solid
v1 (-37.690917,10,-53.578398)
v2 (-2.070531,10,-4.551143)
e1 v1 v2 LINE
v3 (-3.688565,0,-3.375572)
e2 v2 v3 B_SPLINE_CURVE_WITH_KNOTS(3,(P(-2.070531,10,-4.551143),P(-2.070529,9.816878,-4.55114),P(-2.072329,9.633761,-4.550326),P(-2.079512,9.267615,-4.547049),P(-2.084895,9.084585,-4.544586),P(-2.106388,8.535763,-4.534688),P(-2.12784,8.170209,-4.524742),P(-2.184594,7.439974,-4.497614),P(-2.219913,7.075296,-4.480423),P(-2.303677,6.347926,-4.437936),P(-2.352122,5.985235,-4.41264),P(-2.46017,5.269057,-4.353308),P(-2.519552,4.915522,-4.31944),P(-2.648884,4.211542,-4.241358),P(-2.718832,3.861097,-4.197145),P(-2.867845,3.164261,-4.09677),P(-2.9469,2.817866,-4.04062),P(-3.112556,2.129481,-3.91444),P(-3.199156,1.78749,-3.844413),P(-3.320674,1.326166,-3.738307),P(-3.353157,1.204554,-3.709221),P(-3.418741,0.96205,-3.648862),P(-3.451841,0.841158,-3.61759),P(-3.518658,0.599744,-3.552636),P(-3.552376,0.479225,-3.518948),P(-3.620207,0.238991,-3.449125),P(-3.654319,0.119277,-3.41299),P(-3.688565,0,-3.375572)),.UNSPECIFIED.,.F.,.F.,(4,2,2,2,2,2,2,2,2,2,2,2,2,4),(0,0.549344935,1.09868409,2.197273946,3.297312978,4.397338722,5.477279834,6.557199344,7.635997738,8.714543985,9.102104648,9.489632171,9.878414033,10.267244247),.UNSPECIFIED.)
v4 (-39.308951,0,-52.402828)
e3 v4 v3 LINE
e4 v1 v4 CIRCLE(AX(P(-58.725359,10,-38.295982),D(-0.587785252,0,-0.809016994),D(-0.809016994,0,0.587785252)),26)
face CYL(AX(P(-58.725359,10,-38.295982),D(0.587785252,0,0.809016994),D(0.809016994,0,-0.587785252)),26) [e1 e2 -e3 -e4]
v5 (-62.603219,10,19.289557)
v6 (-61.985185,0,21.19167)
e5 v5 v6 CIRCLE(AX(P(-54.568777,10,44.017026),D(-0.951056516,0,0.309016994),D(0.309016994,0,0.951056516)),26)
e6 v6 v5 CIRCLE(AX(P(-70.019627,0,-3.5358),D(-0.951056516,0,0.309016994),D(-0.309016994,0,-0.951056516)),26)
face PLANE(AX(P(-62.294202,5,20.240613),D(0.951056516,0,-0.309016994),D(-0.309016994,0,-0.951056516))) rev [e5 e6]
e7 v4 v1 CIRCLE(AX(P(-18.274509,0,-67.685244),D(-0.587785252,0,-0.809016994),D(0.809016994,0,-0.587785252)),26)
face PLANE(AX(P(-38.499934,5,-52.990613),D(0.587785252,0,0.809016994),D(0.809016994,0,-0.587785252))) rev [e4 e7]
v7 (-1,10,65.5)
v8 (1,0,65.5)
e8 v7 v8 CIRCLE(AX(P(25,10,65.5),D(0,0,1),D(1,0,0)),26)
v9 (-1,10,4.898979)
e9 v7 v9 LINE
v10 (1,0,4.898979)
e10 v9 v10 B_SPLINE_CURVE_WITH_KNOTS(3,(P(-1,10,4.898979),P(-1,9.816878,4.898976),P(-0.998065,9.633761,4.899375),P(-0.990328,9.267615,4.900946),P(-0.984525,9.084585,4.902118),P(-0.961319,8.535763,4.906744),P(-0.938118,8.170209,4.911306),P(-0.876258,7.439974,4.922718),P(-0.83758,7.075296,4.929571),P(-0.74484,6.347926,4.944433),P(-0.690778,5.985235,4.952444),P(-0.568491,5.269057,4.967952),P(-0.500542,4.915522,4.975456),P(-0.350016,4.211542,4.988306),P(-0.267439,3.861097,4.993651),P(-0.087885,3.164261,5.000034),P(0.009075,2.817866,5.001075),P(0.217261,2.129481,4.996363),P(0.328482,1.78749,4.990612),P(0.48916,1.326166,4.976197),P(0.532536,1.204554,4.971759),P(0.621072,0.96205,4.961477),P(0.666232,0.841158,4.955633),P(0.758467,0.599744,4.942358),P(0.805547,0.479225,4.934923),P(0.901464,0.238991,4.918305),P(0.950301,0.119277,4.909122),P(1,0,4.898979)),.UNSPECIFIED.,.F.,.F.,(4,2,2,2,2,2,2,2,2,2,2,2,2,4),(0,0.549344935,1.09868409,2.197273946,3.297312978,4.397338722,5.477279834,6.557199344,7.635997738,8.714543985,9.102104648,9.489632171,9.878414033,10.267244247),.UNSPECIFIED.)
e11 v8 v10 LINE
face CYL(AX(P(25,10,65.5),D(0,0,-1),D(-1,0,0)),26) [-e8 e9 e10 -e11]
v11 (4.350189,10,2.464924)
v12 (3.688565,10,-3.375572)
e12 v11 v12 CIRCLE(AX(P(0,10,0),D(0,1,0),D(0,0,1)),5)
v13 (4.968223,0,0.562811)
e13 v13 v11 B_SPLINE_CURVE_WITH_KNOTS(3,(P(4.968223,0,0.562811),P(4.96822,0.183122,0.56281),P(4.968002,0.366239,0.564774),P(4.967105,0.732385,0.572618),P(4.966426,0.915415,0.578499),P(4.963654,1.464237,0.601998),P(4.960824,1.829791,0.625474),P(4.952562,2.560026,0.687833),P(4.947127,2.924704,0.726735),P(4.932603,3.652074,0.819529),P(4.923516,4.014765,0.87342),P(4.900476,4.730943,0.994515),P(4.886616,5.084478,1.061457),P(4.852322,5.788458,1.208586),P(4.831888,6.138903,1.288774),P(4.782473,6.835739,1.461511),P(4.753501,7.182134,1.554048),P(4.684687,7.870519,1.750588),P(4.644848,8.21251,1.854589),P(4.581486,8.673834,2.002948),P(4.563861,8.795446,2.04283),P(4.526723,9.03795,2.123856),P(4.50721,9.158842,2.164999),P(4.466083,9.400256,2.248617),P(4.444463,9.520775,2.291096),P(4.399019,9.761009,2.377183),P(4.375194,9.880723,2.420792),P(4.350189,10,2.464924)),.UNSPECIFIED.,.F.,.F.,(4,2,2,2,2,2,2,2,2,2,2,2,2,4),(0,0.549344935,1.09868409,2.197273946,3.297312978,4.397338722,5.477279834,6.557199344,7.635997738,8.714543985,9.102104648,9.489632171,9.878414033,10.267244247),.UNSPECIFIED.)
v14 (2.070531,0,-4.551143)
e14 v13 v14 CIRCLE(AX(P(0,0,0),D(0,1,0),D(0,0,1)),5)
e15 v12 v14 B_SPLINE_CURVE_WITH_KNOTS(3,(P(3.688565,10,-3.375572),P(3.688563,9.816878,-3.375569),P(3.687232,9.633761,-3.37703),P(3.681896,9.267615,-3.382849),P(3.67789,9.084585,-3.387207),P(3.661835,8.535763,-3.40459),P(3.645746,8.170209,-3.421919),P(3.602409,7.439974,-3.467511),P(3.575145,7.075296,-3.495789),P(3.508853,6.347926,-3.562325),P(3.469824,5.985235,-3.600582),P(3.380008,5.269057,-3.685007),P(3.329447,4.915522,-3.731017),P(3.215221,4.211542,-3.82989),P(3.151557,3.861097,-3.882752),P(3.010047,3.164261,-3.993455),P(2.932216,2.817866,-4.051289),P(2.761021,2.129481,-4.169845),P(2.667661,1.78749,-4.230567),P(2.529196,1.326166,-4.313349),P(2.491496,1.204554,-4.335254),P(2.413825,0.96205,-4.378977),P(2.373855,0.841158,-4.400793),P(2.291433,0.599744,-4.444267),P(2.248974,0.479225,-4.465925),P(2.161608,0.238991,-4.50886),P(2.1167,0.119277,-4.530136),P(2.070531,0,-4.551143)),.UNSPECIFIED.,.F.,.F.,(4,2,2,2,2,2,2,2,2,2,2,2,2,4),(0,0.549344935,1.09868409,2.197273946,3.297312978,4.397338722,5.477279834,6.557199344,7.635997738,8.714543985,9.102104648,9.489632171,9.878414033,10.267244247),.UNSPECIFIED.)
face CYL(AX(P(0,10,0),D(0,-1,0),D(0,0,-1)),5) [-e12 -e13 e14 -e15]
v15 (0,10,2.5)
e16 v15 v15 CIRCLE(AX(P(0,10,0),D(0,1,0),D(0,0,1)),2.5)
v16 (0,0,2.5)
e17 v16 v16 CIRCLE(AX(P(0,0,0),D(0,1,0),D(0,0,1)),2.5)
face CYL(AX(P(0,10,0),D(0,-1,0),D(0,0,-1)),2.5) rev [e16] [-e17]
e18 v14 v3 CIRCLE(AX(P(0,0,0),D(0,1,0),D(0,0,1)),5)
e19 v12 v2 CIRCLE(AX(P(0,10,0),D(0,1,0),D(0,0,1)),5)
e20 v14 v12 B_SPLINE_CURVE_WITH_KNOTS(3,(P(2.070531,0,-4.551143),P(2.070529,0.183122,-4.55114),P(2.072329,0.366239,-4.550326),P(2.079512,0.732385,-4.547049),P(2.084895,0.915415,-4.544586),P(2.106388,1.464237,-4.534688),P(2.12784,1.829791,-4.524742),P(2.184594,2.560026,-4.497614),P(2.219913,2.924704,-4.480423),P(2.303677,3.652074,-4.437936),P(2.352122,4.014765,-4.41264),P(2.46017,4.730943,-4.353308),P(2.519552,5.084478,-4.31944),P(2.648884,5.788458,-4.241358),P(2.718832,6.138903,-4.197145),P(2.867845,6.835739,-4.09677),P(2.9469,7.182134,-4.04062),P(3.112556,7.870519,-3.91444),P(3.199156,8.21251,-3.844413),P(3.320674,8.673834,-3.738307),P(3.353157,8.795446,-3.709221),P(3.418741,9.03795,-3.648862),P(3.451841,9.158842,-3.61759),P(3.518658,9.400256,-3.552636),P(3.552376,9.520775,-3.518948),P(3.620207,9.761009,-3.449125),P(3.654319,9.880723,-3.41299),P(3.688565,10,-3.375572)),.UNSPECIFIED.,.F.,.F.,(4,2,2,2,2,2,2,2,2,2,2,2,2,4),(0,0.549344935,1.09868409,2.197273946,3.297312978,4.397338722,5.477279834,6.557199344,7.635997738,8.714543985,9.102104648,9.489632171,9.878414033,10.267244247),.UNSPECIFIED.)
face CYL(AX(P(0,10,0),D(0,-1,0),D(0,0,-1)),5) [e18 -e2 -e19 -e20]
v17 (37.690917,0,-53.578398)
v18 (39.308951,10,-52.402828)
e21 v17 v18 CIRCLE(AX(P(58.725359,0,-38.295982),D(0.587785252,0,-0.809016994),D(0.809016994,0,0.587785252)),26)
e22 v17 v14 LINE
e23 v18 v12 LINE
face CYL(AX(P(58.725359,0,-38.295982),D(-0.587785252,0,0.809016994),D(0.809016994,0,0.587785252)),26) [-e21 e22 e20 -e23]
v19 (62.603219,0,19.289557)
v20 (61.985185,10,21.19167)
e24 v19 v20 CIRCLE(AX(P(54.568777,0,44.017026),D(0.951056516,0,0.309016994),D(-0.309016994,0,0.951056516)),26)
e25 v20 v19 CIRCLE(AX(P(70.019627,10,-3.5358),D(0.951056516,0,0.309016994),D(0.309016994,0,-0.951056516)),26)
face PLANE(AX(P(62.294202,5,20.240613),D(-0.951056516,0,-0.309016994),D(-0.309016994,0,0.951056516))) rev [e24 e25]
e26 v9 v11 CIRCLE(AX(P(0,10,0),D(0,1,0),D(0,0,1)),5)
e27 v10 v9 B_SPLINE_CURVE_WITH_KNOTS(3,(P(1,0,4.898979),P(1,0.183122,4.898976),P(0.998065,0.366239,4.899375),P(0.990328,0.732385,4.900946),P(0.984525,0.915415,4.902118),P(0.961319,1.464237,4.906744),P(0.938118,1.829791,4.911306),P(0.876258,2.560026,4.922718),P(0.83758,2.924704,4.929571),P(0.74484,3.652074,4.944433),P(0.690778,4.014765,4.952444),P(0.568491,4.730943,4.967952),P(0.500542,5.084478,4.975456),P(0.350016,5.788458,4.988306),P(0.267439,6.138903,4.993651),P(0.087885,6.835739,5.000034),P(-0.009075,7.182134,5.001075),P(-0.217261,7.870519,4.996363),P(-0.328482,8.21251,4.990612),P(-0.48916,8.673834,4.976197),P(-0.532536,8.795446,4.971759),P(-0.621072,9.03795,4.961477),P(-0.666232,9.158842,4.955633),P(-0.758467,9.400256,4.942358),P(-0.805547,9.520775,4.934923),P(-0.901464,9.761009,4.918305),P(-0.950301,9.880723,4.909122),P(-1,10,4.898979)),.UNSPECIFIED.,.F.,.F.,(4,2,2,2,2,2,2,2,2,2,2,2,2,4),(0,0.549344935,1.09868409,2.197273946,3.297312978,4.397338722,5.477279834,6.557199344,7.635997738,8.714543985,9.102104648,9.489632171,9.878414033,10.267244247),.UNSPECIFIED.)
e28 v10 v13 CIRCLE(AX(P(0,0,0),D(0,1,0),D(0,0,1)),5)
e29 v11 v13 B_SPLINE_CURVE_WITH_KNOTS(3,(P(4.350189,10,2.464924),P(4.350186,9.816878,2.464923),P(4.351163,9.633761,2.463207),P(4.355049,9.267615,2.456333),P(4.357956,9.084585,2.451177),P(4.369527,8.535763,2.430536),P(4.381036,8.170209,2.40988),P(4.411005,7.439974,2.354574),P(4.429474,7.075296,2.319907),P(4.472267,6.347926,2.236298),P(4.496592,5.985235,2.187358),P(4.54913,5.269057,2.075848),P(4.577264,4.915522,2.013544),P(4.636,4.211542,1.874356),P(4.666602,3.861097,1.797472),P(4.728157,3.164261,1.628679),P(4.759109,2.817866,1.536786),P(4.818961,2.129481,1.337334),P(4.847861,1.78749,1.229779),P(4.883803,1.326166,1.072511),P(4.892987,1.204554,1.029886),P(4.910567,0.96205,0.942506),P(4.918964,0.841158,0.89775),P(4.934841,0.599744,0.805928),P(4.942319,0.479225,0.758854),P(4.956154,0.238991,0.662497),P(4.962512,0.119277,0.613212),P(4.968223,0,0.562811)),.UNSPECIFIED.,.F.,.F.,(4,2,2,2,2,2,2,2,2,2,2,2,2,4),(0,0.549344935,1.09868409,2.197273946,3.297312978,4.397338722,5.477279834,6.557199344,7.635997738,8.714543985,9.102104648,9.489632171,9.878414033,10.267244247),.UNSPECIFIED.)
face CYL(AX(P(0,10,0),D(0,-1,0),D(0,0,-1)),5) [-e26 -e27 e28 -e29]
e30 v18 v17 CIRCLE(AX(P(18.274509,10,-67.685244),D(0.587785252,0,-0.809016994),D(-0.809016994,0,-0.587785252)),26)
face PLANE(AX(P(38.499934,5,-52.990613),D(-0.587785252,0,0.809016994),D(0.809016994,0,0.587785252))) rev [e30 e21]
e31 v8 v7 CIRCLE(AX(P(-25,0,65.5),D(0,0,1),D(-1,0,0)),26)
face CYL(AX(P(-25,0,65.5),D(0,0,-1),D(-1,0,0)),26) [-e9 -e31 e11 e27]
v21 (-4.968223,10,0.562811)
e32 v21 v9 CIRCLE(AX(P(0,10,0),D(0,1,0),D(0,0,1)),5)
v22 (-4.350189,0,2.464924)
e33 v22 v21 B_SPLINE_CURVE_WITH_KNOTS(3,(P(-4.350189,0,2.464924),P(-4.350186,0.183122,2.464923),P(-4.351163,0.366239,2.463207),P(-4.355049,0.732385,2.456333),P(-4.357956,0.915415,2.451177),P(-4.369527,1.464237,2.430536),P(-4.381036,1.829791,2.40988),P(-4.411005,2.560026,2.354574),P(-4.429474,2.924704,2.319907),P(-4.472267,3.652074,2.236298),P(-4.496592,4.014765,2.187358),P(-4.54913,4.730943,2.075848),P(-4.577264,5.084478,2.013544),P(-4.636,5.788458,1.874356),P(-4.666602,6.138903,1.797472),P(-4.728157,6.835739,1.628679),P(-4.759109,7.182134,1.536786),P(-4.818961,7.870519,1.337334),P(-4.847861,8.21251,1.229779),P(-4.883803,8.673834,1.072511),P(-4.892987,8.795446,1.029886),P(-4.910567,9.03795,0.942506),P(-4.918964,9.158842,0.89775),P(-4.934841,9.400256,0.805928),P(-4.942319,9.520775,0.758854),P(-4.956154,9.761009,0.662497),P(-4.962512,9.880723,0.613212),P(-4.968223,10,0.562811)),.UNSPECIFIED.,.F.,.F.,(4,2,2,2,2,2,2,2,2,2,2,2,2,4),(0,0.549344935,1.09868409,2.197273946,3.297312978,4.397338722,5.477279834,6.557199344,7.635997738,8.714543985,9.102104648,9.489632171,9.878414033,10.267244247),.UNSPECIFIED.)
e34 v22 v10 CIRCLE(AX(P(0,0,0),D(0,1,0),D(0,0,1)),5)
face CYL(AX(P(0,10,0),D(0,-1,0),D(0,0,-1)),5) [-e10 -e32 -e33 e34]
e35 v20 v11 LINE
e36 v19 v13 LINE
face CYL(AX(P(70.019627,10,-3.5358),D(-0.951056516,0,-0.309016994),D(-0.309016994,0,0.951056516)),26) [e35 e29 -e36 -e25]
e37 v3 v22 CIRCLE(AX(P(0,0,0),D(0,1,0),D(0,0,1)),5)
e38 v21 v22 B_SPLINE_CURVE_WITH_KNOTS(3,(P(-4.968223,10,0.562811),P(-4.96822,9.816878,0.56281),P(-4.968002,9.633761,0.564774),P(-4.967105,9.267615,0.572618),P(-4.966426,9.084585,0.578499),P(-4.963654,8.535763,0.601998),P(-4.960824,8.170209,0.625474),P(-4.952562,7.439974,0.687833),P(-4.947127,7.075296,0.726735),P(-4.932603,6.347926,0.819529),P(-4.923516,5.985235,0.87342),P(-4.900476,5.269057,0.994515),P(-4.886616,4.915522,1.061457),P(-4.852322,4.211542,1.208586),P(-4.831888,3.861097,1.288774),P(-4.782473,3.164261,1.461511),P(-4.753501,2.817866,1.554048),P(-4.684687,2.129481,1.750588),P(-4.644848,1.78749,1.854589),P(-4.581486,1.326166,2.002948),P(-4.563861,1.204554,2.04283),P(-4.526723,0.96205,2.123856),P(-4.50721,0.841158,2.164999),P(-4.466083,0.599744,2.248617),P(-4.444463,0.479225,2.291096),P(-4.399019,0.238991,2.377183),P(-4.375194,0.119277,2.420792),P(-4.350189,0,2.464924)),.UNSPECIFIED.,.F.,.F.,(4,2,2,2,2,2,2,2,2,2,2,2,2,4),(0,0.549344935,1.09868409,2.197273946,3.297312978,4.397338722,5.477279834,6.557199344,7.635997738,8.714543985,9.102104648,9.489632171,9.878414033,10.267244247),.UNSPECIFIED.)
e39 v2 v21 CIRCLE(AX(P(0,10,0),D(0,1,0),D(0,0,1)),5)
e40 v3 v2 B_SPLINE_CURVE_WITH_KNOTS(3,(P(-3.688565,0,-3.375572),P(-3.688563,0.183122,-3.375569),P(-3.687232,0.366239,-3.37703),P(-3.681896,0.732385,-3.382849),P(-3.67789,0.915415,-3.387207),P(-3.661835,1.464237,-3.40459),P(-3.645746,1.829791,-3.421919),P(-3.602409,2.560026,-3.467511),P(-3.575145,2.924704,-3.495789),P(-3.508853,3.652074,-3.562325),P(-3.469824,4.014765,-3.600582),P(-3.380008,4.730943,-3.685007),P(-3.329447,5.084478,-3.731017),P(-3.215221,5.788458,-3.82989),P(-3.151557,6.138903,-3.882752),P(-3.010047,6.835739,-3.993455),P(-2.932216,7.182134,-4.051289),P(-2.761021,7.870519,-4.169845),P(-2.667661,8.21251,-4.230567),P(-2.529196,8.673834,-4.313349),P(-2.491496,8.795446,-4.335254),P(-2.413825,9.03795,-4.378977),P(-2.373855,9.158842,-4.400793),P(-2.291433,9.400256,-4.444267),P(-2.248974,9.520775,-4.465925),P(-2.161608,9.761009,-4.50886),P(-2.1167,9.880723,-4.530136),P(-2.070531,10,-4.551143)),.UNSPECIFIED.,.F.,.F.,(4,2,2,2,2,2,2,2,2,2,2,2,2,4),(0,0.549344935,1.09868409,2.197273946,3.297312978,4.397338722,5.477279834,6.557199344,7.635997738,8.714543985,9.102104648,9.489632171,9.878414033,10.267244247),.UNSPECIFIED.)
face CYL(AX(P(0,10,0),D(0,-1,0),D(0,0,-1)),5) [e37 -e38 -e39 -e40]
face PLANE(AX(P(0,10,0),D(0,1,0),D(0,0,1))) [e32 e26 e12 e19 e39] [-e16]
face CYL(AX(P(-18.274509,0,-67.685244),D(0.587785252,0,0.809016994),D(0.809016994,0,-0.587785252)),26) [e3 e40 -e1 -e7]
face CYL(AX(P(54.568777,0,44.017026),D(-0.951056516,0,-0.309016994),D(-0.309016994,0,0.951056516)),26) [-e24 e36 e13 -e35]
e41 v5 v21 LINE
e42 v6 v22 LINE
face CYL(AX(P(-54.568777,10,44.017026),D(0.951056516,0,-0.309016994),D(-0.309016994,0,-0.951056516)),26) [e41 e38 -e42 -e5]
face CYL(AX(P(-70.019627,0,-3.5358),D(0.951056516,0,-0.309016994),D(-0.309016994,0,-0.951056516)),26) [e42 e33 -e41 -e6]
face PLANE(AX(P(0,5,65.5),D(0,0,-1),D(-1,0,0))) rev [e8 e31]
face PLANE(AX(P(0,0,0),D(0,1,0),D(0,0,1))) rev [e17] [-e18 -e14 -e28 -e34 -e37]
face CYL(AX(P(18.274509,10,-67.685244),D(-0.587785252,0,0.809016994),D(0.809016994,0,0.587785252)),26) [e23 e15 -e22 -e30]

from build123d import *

# Parameters (mm, degrees)
SKETCH_1_R               = 5
SKETCH_1_R_2             = 2.5
EXTRUDE_1_DEPTH          = 10
EXTRUDE_START            = 4
EXTRUDE_2_DEPTH          = 61.5
PATTERN_CIRCULAR_1_COUNT = 5


with BuildPart() as part:
    # 草图1 → 凸台-拉伸1 (new body)
    with BuildSketch(Plane(origin=(0, 0, 0), x_dir=(1, 0, 0), z_dir=(0, 1, 0))):
        Circle(SKETCH_1_R)
        Circle(SKETCH_1_R_2, mode=Mode.SUBTRACT)
    extrude(amount=EXTRUDE_1_DEPTH)

    # 草图2 → 凸台-拉伸2 (add)
    with BuildSketch(Plane.XY.offset(EXTRUDE_START)):
        with BuildLine():
            ThreePointArc((-1, 10), (-0.495097568, 4.900980486), (1, 0))
            ThreePointArc((1, 0), (0.495097568, 5.099019514), (-1, 10))
        make_face()
    extrude_2 = extrude(amount=EXTRUDE_2_DEPTH)

    # 阵列(圆周)1: 凸台-拉伸2 ×5 about axis
    pattern_circular_1_axis = Axis((0, 0, 0), (0, 1, 0))
    for i in range(1, PATTERN_CIRCULAR_1_COUNT):
        add(extrude_2.rotate(pattern_circular_1_axis, i * 360 / PATTERN_CIRCULAR_1_COUNT))


solid = part.part
